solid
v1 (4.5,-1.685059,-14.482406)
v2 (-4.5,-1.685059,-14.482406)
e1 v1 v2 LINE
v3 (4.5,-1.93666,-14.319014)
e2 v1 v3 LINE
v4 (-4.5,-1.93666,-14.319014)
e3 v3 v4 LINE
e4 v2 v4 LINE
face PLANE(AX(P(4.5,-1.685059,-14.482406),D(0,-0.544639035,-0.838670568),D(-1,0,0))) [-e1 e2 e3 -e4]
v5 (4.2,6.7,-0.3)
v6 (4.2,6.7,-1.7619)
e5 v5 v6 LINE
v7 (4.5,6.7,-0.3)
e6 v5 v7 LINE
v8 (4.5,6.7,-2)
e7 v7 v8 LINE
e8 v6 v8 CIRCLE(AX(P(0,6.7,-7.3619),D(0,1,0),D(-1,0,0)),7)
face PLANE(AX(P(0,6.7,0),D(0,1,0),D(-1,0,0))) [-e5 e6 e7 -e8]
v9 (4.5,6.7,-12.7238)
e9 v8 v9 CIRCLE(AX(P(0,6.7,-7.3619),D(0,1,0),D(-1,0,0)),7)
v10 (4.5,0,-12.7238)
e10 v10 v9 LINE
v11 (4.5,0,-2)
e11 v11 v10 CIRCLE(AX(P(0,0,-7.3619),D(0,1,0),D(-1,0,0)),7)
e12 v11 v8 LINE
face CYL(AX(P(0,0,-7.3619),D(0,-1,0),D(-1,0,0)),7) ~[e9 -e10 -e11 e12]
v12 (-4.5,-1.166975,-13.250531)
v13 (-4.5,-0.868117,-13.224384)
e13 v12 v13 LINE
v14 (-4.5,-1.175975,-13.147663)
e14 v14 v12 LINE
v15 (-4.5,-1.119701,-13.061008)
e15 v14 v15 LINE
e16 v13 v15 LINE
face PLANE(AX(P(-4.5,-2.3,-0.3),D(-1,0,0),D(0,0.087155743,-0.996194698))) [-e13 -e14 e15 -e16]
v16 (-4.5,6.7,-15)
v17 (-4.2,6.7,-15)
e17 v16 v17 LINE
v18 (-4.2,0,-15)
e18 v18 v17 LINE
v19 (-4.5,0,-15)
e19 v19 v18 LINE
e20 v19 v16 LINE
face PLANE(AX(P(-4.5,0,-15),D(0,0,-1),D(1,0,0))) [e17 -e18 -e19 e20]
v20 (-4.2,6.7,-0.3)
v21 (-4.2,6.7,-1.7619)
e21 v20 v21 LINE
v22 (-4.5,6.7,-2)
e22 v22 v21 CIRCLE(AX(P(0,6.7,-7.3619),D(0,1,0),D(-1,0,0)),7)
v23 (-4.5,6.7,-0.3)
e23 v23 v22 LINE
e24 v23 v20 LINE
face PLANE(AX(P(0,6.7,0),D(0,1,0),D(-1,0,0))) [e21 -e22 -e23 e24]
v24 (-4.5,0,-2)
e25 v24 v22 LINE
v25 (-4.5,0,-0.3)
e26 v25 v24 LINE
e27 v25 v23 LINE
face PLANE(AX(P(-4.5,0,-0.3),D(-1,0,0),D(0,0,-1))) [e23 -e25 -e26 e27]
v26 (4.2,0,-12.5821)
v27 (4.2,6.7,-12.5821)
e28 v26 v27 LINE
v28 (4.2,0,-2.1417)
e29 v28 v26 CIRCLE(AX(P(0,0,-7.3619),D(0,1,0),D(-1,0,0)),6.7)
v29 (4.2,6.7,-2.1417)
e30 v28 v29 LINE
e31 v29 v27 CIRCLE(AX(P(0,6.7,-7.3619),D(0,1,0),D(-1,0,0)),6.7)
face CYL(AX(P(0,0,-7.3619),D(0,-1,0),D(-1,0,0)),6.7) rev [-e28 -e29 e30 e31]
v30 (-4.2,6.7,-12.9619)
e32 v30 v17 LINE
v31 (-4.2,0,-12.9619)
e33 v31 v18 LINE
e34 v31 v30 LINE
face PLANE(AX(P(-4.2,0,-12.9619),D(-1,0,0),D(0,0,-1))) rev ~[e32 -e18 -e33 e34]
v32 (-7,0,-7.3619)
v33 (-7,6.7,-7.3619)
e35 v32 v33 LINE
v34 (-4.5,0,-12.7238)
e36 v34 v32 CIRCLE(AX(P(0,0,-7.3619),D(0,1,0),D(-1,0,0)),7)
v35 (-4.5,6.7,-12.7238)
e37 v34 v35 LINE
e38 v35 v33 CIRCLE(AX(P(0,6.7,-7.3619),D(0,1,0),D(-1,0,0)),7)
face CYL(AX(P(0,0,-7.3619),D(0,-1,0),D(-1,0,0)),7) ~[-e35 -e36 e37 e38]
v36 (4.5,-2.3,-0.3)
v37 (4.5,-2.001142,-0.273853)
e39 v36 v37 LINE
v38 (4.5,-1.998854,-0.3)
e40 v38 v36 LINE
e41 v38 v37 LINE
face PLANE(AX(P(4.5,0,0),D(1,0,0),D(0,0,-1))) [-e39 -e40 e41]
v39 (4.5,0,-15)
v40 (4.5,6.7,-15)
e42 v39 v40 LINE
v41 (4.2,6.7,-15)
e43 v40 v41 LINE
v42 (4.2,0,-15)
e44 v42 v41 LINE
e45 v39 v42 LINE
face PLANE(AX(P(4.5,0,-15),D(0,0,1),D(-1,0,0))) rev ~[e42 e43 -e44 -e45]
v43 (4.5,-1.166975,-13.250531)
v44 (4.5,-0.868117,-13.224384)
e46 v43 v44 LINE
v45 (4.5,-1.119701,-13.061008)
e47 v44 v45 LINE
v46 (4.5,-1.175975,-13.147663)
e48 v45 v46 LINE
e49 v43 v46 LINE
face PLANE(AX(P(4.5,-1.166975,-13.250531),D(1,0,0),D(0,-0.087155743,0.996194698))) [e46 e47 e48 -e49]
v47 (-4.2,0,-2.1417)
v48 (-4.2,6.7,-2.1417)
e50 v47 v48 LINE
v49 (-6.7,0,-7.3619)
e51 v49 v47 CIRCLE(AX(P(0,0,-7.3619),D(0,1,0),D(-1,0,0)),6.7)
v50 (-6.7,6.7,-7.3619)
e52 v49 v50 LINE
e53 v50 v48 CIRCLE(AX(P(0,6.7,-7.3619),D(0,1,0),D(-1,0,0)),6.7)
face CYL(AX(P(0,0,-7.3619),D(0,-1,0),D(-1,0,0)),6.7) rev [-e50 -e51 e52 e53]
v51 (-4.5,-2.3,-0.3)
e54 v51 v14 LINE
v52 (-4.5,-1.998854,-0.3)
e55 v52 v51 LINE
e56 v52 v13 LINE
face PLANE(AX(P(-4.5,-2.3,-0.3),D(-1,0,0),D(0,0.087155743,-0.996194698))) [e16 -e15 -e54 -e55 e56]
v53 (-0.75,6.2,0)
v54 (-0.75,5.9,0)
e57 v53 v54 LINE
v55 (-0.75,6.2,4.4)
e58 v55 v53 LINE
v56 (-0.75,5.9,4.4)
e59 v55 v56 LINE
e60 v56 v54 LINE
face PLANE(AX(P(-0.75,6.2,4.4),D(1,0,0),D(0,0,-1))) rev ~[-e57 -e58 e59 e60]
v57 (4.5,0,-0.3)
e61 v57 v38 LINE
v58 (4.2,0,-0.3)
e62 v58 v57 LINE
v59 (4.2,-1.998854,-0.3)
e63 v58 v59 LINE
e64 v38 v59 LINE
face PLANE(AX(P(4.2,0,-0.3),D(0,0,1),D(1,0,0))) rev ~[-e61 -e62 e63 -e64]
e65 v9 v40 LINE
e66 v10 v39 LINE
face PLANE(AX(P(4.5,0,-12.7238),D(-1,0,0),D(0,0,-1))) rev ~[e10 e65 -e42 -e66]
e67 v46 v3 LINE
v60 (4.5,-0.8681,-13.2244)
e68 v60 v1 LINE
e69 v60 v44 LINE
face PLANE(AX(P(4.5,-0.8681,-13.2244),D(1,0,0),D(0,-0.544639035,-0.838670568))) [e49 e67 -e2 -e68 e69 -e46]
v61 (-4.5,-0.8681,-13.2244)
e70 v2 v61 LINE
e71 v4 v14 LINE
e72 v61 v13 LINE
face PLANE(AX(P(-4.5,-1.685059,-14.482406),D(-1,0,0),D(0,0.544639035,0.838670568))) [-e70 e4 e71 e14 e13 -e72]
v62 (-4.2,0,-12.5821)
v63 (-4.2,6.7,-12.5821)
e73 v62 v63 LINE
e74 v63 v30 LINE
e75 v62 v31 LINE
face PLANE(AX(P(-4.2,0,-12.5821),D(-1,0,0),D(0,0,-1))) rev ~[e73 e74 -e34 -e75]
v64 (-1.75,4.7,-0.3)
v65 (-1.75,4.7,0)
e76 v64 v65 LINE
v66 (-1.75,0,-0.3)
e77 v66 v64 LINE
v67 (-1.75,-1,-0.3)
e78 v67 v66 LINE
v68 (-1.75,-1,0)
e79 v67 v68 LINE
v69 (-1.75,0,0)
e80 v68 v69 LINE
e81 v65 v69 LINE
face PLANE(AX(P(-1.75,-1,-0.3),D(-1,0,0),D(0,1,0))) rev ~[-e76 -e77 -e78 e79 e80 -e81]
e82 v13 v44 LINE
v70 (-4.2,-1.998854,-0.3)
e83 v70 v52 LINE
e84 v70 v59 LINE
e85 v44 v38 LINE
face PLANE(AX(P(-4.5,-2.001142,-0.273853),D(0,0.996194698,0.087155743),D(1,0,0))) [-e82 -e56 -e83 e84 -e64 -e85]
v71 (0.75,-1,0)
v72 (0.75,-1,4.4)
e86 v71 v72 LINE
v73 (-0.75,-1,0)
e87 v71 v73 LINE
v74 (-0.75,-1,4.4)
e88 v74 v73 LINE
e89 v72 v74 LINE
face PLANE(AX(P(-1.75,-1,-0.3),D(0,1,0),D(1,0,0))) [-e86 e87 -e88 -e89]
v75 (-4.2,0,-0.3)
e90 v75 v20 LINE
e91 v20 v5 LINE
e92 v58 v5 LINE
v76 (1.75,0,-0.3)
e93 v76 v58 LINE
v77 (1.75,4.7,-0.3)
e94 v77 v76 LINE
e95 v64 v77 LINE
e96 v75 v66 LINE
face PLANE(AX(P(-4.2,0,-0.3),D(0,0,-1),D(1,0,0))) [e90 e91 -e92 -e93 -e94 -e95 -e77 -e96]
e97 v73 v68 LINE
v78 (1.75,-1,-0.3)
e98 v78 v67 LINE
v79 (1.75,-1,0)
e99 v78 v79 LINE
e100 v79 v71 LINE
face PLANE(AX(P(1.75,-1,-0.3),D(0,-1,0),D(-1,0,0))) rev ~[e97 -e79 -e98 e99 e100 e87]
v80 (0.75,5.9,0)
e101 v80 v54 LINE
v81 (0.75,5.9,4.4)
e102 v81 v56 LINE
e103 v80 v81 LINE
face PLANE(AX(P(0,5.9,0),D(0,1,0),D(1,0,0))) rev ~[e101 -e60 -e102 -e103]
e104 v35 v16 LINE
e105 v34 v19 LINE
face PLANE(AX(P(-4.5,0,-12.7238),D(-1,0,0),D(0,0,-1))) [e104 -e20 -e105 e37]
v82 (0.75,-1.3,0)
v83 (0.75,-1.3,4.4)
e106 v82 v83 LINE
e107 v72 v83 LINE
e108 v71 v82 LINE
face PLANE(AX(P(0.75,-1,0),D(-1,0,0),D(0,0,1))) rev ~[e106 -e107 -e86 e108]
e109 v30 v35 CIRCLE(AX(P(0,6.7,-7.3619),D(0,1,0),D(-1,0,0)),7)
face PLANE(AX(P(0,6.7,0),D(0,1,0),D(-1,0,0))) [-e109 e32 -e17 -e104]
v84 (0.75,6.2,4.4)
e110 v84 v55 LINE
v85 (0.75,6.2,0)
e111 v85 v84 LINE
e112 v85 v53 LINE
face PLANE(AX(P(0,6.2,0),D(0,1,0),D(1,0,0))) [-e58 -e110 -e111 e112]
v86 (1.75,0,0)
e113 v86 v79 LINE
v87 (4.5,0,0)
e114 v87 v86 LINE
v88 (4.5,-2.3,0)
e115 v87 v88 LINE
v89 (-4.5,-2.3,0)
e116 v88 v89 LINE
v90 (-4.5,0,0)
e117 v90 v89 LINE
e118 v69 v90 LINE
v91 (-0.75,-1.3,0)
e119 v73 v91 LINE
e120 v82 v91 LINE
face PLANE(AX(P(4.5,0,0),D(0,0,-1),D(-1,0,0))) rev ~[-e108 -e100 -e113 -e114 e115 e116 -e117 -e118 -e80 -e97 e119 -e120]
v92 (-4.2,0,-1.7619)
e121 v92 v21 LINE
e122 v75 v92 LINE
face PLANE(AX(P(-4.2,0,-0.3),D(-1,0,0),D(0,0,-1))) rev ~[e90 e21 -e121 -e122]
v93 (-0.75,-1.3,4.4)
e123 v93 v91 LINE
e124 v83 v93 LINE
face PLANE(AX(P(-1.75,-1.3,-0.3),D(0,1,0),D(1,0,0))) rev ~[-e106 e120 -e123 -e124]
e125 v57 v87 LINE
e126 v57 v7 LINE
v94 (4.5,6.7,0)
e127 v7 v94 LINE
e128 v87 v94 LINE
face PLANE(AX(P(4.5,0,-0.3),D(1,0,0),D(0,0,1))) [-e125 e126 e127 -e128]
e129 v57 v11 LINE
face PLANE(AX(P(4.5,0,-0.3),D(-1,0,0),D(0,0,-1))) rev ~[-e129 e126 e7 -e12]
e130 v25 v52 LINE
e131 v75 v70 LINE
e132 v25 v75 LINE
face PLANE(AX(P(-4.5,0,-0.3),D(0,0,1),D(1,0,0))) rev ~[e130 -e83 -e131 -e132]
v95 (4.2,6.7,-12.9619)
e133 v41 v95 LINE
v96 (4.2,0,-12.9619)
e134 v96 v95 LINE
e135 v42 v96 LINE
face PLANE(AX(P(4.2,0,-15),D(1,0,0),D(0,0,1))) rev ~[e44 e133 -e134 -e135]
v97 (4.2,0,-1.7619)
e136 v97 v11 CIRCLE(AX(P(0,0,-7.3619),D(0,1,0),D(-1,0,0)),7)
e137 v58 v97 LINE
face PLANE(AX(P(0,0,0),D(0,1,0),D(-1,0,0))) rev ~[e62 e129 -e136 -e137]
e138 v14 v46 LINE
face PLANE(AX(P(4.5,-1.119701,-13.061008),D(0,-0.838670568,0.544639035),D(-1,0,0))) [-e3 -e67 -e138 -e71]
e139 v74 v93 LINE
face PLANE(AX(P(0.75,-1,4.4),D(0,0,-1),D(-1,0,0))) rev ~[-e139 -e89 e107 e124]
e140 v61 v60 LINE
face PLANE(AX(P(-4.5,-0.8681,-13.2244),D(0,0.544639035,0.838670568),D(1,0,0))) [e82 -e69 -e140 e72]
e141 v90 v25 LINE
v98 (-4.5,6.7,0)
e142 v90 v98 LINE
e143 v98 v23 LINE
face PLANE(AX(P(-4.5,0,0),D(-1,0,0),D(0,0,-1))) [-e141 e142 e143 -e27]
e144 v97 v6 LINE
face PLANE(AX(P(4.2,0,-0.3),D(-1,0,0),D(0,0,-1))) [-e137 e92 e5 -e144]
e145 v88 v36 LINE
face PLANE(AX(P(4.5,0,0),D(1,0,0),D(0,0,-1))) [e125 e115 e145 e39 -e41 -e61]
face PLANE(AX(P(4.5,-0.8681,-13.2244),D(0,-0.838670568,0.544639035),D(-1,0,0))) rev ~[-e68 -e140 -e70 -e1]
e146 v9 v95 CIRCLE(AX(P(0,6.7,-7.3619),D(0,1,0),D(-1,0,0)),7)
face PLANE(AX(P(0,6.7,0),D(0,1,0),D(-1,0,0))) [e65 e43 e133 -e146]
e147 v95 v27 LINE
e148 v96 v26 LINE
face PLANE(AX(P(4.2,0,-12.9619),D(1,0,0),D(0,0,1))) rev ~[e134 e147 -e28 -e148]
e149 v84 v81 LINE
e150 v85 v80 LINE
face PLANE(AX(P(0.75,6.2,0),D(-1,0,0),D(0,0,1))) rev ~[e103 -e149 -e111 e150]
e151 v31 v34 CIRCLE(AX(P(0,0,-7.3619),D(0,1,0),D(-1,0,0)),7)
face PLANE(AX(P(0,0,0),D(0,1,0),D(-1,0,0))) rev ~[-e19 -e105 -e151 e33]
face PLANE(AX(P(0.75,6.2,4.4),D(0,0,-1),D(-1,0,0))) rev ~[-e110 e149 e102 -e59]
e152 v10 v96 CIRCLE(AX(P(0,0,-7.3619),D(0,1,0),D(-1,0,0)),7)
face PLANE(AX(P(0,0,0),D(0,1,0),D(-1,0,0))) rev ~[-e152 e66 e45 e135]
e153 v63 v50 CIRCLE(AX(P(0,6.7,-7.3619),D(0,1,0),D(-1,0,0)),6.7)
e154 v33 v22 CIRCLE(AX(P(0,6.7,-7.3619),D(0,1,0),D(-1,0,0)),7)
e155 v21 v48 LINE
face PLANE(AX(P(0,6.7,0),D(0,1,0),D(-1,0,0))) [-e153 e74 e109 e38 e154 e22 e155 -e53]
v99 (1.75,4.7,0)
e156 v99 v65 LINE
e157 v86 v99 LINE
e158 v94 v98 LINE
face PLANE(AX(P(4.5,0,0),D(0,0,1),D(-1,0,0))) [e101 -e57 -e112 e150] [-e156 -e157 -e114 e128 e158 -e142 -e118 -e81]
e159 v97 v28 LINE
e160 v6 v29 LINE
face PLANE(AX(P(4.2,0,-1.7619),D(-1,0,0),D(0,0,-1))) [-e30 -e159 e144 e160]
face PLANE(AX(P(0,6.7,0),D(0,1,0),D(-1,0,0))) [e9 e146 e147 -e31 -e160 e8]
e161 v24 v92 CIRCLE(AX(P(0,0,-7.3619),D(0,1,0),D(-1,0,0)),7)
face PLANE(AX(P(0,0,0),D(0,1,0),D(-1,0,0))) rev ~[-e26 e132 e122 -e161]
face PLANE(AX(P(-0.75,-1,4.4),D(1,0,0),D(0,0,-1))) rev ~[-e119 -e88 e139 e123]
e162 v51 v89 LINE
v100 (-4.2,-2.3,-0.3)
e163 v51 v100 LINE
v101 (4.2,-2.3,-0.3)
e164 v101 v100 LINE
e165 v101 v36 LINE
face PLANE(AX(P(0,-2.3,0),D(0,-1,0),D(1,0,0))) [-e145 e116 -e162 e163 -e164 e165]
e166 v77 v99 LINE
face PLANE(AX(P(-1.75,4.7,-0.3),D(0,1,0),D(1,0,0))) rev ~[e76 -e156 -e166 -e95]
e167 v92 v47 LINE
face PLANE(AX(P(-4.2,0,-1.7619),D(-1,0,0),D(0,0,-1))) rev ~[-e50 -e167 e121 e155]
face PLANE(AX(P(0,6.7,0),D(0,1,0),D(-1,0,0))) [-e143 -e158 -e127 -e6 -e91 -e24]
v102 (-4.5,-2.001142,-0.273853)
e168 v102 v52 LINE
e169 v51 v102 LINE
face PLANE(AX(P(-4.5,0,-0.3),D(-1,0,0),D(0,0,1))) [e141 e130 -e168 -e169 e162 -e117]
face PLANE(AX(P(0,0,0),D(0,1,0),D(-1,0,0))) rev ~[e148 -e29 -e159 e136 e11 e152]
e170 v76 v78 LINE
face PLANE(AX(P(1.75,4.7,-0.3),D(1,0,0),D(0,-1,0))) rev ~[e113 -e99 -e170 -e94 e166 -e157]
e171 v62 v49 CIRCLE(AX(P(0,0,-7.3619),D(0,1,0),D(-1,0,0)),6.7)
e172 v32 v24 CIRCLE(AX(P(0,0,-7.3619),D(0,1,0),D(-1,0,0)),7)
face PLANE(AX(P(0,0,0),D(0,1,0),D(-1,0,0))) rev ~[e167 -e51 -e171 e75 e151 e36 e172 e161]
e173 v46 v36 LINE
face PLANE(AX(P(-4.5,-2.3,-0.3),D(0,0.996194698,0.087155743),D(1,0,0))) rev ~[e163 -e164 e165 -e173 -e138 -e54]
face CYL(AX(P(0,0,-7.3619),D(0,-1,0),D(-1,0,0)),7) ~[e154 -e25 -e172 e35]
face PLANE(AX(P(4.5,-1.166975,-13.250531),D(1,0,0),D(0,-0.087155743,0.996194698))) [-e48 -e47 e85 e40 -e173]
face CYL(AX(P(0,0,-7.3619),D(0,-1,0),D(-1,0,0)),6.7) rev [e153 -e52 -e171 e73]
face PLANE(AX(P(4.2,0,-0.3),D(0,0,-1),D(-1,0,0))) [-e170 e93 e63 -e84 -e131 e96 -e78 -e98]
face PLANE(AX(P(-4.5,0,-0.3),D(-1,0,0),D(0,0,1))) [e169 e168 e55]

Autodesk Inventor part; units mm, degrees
sketch "スケッチ1" plane through (0, 0, 0) normal (0, 1, 0) x (-1, 0, 0)
  line L0 (4.5, -0.3) -> (-4.5, -0.3)
  line L1 (-4.5, -0.3) -> (-4.5, 0)
  line L2 (-4.5, 0) -> (4.5, 0)
  line L3 (4.5, 0) -> (4.5, -0.3)
  line L4 (9.7545, -2) -> (-9.7545, -2) construction
  line L5 (0, -25.3634) -> (0, 2.8638) construction
  circle A0 centre (0, -7.3619) radius 7
  circle A1 centre (0, -7.3619) radius 6.7
  line L6 (4.5, -0.3) -> (4.5, -2)
  line L7 (4.2, -0.3) -> (4.2, -2.1417)
  line L8 (-4.5, -0.3) -> (-4.5, -2)
  line L9 (-4.2, -0.3) -> (-4.2, -2.1417)
  line L10 (9.7545, -15) -> (-9.7545, -15) construction
  line L11 (4.5, -12.7238) -> (4.5, -15)
  line L12 (4.5, -15) -> (4.2, -15)
  line L13 (4.2, -12.5821) -> (4.2, -15)
  line L14 (-4.5, -12.7238) -> (-4.5, -15)
  line L15 (-4.5, -15) -> (-4.2, -15)
  line L16 (-4.2, -15) -> (-4.2, -12.5821)
  point P0 (0, 0)
  point P1 (0, 0)
  point P2 (0, -2)
  point P3 (0, -15)
  dimension "d0" = 9
  dimension "THIN" = 0.3
  dimension "d2" = 2
  dimension "d3" = 14
  dimension "d5" = 0.3
  dimension "d6" = 0.3
  dimension "d7" = 0.3
  dimension "d8" = 15
extrude "押し出し1" add sketch "スケッチ1" along normal blind 6.7 contours L6 A0 L7 L0 | L0 L1 L2 L3 | A0 L13 A1 L7 | L9 A0 L8 L0 | L9 A1 L16 A0 | L11 L12 L13 A0 | A0 L16 L15 L14
sketch "スケッチ2" plane through (0, 0, 0) normal (0, -1, 0) x (1, 0, 0)
  line L0 (4.5, 0) -> (4.5, -2) projected
  line L1 (-4.5, -2) -> (-4.5, 0) projected
  line L2 (4.5, 0) -> (-4.5, 0)
  line L3 (-4.5, 0) -> (-4.5, -0.3)
  line L4 (-4.5, -0.3) -> (4.5, -0.3)
  line L5 (4.5, -0.3) -> (4.5, 0)
  line L6 (4.2, -0.3) -> (-4.2, -0.3) projected
  point P0 (0, 0)
  point P1 (4.5, -0.3)
extrude "押し出し2" add sketch "スケッチ2" along normal blind 2.3
ref_plane "作業平面1" through (-4.5, -2.3, -0.3) normal (0, 0.9962, 0.0872) x (1, 0, 0)
sketch "スケッチ3" plane through (-4.5, -2.3, -0.3) normal (0, 0.9962, 0.0872) x (1, 0, 0)
  line L0 (0, 0) -> (9, 0) projected
  line L1 (9, 0) -> (0, 0)
  line L2 (0, 0) -> (0, 13)
  line L3 (0, 13) -> (9, 13)
  line L4 (9, 13) -> (9, 0)
  point P0 (4.5, -0.0984)
  dimension "d14" = 13
extrude "押し出し3" add sketch "スケッチ3" along normal blind 0.3
ref_plane "作業平面2" through (4.5, -0.8681, -13.2244) normal (0, -0.8387, 0.5446) x (-1, 0, 0)
sketch "スケッチ4" plane through (4.5, -0.8681, -13.2244) normal (0, -0.8387, 0.5446) x (-1, 0, 0)
  line L0 (9, 0) -> (9, -10.2235) projected
  line L1 (9, 0) -> (0, 0)
  line L2 (0, 0) -> (0, 1.5)
  line L3 (0, 1.5) -> (9, 1.5)
  line L4 (9, 1.5) -> (9, 0)
  point P0 (4.5, -11.5637)
  dimension "d18" = 1.5
extrude "押し出し4" add sketch "スケッチ4" along normal blind 0.3
sketch "スケッチ5" plane through (4.2, 6.7, -0.3) normal (0, 0, -1) x (-1, 0, 0)
  line L0 (5.95, -2) -> (2.45, -2)
  line L1 (2.45, -2) -> (2.45, -7.7)
  line L2 (2.45, -7.7) -> (5.95, -7.7)
  line L3 (5.95, -7.7) -> (5.95, -2)
  line L4 (0, 0) -> (8.4, 0) projected
  point P0 (4.2, -6.7)
  point P1 (4.2, -7.7)
  dimension "d21" = 2
  dimension "d22" = 3.5
  dimension "d23" = 5.7
extrude "押し出し5" cut sketch "スケッチ5" against normal through all
sketch "スケッチ7" plane through (-1.75, -1, -0.3) normal (0, 1, 0) x (1, 0, 0)
  line L0 (3.5, -0.3) -> (0, -0.3) projected
  line L1 (1, -0.3) -> (2.5, -0.3)
  line L2 (2.5, -0.3) -> (2.5, -4.7)
  line L3 (2.5, -4.7) -> (1, -4.7)
  line L4 (1, -4.7) -> (1, -0.3)
  point P0 (1.75, -0.3)
  point P1 (1.75, -0.3)
  dimension "d30" = 1.5
  dimension "d31" = 4.4
extrude "押し出し7" add sketch "スケッチ7" against normal blind 0.3
ref_plane "作業平面3" through (0, 6.2, 0) normal (0, 1, 0) x (1, 0, 0)
sketch "スケッチ8" plane through (0, 6.2, 0) normal (0, 1, 0) x (1, 0, 0)
  line L0 (4.5, 0) -> (-4.5, 0) projected
  line L1 (-0.75, 0) -> (0.75, 0)
  line L2 (0.75, 0) -> (0.75, -4.4)
  line L3 (0.75, -4.4) -> (-0.75, -4.4)
  line L4 (-0.75, -4.4) -> (-0.75, 0)
  line L5 (-4.5, 0) -> (4.5, 0) projected
  point P0 (0, 0)
  point P1 (0, -4.4)
  point P2 (0, 0)
  dimension "d35" = 1.5
  dimension "d36" = 4.4
extrude "押し出し8" add sketch "スケッチ8" against normal blind 0.3
equation "\"d5\" = THIN"
equation "\"d6\" = THIN"
equation "\"d7\" = THIN"
equation "\"d15\" = THIN"
equation "\"d19\" = THIN"
equation "\"d32\" = THIN"
equation "\"d37\" = THIN"
properties part number "AA-Cell-Holder"
